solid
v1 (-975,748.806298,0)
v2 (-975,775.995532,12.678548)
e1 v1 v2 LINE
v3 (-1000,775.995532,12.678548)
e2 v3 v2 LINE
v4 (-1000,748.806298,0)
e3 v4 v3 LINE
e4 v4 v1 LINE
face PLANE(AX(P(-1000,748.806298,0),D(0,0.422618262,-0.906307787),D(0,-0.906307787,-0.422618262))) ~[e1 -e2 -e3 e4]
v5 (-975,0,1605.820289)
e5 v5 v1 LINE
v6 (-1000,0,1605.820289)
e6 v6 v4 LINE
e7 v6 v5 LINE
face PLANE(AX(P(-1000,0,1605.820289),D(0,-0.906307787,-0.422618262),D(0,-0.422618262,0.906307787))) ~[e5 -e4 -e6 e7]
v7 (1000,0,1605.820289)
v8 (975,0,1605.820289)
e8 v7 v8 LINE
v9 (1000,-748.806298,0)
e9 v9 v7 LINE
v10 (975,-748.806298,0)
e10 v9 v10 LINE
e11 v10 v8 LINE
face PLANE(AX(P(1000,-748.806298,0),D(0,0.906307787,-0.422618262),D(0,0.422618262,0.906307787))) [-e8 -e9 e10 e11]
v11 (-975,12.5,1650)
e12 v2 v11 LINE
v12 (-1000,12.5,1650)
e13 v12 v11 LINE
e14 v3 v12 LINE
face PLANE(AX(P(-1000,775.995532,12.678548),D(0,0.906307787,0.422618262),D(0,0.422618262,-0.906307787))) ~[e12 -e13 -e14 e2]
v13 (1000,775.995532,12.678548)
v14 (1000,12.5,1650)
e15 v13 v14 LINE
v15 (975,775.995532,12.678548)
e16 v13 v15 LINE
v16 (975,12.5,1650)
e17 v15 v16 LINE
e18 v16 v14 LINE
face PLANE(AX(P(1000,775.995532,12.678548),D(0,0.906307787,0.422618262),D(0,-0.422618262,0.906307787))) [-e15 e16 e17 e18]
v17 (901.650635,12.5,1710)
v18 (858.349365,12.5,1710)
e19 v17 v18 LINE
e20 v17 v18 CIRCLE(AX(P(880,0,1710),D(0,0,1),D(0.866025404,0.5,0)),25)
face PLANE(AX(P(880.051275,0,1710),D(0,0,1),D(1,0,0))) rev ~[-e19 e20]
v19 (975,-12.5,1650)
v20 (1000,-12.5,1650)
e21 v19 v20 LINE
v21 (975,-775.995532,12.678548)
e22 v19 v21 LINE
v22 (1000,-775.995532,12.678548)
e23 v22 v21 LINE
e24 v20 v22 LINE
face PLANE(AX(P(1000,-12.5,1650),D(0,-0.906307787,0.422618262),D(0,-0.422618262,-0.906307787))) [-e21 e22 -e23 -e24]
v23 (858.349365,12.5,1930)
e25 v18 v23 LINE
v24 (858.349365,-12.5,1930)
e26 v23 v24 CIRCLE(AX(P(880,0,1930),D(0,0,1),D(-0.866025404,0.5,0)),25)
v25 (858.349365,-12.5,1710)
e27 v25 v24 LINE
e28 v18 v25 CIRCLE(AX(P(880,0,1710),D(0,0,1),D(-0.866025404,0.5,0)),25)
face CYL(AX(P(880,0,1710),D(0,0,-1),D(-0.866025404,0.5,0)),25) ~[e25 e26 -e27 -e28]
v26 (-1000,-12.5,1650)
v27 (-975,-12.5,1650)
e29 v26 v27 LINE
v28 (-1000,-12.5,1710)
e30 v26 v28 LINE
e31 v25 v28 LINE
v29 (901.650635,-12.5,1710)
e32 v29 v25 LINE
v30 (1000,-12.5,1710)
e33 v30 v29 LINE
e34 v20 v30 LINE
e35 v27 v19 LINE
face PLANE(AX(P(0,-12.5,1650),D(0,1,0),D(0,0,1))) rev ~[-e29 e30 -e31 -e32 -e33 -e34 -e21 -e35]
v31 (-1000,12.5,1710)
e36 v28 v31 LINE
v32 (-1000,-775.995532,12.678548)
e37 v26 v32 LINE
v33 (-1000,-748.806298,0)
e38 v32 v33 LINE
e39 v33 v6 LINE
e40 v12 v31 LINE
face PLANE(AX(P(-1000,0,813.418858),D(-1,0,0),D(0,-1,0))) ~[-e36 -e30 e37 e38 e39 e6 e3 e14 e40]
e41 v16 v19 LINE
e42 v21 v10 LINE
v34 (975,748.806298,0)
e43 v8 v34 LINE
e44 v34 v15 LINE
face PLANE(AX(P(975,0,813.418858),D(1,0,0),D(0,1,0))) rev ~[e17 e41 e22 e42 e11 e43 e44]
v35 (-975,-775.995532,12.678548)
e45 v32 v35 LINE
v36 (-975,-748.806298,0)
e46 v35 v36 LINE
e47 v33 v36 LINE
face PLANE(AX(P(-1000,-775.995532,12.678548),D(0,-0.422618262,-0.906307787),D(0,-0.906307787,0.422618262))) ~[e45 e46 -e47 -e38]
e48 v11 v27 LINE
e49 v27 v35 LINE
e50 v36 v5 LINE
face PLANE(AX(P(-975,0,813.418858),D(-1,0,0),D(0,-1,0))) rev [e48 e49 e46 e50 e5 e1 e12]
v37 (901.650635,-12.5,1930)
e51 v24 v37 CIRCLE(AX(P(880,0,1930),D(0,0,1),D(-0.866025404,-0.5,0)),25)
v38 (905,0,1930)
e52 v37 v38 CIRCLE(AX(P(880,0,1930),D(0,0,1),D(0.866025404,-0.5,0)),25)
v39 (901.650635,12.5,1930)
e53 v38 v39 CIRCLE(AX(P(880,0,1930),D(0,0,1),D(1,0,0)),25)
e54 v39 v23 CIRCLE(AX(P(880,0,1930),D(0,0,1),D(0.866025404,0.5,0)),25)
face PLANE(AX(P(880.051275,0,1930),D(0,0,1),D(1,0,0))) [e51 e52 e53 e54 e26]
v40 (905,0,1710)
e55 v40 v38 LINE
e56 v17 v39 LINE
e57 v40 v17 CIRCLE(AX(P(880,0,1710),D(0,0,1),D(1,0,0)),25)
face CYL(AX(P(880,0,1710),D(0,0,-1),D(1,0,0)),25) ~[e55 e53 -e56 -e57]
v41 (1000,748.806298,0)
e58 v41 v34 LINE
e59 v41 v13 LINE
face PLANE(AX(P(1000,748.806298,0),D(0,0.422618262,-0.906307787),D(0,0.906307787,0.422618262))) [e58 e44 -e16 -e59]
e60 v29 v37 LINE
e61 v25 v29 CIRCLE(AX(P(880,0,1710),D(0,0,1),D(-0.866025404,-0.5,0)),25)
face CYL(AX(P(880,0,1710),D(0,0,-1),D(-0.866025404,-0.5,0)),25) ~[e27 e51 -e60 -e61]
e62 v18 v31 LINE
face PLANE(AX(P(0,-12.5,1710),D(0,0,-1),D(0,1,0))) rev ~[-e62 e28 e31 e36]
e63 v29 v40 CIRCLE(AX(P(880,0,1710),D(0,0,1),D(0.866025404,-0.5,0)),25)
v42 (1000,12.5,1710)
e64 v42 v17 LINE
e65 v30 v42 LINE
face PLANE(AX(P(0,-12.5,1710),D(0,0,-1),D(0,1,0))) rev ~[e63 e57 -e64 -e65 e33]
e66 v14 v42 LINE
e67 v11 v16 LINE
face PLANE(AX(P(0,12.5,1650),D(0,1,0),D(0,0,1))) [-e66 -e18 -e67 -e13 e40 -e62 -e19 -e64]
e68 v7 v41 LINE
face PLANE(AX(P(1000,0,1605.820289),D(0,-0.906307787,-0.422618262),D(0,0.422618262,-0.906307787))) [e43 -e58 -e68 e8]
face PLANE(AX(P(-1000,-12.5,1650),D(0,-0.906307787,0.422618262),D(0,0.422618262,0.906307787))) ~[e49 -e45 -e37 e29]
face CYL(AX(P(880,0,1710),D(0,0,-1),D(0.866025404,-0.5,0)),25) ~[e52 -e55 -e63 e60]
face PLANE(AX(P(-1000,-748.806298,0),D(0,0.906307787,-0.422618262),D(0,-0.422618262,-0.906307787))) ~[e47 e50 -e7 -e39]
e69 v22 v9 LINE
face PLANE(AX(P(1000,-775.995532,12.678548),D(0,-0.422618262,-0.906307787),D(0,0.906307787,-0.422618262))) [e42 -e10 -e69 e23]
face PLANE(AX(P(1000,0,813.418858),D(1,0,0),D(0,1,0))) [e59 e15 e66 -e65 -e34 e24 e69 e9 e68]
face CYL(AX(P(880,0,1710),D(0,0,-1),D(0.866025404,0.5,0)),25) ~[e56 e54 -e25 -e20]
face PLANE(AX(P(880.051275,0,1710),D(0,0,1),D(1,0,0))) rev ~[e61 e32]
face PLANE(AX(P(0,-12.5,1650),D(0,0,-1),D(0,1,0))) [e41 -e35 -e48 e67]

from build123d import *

# Parameters (mm, degrees)
F0_W     = 25
F0_H     = 60
F1_DEPTH = 1000
F3_DEPTH = 25
F6_DEPTH = 220


with BuildPart() as f1:
    # F0 (on Right) → F1 (new body, symmetric)
    with BuildSketch(Plane.YZ):
        with Locations((0, 1680)):
            Rectangle(F0_W, F0_H)
    extrude(amount=F1_DEPTH, both=True)

    # F2 (on face) → F3 (join)
    with BuildSketch(Plane.YZ.offset(1000)):
        Polygon((12.5, 1650), (-12.5, 1650), (-775.995531998, 12.6785478522), (-748.8062983869, 0), (0, 1605.8202890118), (748.8062983869, 0), (775.995531998, 12.6785478522), align=None)
    extrude(amount=-F3_DEPTH)

    # F4: F1 across plane


with BuildPart() as f1_1:
    add(f1.part)
    add(f1.part.mirror(Plane.YZ))

    # F5 (on face) → F6 (join)
    with BuildSketch(Plane.XY.offset(1710)):
        with BuildLine():
            ThreePointArc((901.6506350946, -12.5), (904.1481456572, -6.4704761276), (905, 0))
            ThreePointArc((905, 0), (904.1481456572, 6.4704761276), (901.6506350946, 12.5))
            Line((901.6506350946, 12.5), (858.3493649054, 12.5))
            ThreePointArc((858.3493649054, 12.5), (855, 0), (858.3493649054, -12.5))
            Line((858.3493649054, -12.5), (901.6506350946, -12.5))
        make_face()
        with BuildLine():
            Line((858.3493649054, 12.5), (901.6506350946, 12.5))
            ThreePointArc((901.6506350946, 12.5), (880, 25), (858.3493649054, 12.5))
        make_face()
        with BuildLine():
            ThreePointArc((858.3493649054, -12.5), (880, -25), (901.6506350946, -12.5))
            Line((901.6506350946, -12.5), (858.3493649054, -12.5))
        make_face()
    extrude(amount=F6_DEPTH)


solid = f1_1.part
